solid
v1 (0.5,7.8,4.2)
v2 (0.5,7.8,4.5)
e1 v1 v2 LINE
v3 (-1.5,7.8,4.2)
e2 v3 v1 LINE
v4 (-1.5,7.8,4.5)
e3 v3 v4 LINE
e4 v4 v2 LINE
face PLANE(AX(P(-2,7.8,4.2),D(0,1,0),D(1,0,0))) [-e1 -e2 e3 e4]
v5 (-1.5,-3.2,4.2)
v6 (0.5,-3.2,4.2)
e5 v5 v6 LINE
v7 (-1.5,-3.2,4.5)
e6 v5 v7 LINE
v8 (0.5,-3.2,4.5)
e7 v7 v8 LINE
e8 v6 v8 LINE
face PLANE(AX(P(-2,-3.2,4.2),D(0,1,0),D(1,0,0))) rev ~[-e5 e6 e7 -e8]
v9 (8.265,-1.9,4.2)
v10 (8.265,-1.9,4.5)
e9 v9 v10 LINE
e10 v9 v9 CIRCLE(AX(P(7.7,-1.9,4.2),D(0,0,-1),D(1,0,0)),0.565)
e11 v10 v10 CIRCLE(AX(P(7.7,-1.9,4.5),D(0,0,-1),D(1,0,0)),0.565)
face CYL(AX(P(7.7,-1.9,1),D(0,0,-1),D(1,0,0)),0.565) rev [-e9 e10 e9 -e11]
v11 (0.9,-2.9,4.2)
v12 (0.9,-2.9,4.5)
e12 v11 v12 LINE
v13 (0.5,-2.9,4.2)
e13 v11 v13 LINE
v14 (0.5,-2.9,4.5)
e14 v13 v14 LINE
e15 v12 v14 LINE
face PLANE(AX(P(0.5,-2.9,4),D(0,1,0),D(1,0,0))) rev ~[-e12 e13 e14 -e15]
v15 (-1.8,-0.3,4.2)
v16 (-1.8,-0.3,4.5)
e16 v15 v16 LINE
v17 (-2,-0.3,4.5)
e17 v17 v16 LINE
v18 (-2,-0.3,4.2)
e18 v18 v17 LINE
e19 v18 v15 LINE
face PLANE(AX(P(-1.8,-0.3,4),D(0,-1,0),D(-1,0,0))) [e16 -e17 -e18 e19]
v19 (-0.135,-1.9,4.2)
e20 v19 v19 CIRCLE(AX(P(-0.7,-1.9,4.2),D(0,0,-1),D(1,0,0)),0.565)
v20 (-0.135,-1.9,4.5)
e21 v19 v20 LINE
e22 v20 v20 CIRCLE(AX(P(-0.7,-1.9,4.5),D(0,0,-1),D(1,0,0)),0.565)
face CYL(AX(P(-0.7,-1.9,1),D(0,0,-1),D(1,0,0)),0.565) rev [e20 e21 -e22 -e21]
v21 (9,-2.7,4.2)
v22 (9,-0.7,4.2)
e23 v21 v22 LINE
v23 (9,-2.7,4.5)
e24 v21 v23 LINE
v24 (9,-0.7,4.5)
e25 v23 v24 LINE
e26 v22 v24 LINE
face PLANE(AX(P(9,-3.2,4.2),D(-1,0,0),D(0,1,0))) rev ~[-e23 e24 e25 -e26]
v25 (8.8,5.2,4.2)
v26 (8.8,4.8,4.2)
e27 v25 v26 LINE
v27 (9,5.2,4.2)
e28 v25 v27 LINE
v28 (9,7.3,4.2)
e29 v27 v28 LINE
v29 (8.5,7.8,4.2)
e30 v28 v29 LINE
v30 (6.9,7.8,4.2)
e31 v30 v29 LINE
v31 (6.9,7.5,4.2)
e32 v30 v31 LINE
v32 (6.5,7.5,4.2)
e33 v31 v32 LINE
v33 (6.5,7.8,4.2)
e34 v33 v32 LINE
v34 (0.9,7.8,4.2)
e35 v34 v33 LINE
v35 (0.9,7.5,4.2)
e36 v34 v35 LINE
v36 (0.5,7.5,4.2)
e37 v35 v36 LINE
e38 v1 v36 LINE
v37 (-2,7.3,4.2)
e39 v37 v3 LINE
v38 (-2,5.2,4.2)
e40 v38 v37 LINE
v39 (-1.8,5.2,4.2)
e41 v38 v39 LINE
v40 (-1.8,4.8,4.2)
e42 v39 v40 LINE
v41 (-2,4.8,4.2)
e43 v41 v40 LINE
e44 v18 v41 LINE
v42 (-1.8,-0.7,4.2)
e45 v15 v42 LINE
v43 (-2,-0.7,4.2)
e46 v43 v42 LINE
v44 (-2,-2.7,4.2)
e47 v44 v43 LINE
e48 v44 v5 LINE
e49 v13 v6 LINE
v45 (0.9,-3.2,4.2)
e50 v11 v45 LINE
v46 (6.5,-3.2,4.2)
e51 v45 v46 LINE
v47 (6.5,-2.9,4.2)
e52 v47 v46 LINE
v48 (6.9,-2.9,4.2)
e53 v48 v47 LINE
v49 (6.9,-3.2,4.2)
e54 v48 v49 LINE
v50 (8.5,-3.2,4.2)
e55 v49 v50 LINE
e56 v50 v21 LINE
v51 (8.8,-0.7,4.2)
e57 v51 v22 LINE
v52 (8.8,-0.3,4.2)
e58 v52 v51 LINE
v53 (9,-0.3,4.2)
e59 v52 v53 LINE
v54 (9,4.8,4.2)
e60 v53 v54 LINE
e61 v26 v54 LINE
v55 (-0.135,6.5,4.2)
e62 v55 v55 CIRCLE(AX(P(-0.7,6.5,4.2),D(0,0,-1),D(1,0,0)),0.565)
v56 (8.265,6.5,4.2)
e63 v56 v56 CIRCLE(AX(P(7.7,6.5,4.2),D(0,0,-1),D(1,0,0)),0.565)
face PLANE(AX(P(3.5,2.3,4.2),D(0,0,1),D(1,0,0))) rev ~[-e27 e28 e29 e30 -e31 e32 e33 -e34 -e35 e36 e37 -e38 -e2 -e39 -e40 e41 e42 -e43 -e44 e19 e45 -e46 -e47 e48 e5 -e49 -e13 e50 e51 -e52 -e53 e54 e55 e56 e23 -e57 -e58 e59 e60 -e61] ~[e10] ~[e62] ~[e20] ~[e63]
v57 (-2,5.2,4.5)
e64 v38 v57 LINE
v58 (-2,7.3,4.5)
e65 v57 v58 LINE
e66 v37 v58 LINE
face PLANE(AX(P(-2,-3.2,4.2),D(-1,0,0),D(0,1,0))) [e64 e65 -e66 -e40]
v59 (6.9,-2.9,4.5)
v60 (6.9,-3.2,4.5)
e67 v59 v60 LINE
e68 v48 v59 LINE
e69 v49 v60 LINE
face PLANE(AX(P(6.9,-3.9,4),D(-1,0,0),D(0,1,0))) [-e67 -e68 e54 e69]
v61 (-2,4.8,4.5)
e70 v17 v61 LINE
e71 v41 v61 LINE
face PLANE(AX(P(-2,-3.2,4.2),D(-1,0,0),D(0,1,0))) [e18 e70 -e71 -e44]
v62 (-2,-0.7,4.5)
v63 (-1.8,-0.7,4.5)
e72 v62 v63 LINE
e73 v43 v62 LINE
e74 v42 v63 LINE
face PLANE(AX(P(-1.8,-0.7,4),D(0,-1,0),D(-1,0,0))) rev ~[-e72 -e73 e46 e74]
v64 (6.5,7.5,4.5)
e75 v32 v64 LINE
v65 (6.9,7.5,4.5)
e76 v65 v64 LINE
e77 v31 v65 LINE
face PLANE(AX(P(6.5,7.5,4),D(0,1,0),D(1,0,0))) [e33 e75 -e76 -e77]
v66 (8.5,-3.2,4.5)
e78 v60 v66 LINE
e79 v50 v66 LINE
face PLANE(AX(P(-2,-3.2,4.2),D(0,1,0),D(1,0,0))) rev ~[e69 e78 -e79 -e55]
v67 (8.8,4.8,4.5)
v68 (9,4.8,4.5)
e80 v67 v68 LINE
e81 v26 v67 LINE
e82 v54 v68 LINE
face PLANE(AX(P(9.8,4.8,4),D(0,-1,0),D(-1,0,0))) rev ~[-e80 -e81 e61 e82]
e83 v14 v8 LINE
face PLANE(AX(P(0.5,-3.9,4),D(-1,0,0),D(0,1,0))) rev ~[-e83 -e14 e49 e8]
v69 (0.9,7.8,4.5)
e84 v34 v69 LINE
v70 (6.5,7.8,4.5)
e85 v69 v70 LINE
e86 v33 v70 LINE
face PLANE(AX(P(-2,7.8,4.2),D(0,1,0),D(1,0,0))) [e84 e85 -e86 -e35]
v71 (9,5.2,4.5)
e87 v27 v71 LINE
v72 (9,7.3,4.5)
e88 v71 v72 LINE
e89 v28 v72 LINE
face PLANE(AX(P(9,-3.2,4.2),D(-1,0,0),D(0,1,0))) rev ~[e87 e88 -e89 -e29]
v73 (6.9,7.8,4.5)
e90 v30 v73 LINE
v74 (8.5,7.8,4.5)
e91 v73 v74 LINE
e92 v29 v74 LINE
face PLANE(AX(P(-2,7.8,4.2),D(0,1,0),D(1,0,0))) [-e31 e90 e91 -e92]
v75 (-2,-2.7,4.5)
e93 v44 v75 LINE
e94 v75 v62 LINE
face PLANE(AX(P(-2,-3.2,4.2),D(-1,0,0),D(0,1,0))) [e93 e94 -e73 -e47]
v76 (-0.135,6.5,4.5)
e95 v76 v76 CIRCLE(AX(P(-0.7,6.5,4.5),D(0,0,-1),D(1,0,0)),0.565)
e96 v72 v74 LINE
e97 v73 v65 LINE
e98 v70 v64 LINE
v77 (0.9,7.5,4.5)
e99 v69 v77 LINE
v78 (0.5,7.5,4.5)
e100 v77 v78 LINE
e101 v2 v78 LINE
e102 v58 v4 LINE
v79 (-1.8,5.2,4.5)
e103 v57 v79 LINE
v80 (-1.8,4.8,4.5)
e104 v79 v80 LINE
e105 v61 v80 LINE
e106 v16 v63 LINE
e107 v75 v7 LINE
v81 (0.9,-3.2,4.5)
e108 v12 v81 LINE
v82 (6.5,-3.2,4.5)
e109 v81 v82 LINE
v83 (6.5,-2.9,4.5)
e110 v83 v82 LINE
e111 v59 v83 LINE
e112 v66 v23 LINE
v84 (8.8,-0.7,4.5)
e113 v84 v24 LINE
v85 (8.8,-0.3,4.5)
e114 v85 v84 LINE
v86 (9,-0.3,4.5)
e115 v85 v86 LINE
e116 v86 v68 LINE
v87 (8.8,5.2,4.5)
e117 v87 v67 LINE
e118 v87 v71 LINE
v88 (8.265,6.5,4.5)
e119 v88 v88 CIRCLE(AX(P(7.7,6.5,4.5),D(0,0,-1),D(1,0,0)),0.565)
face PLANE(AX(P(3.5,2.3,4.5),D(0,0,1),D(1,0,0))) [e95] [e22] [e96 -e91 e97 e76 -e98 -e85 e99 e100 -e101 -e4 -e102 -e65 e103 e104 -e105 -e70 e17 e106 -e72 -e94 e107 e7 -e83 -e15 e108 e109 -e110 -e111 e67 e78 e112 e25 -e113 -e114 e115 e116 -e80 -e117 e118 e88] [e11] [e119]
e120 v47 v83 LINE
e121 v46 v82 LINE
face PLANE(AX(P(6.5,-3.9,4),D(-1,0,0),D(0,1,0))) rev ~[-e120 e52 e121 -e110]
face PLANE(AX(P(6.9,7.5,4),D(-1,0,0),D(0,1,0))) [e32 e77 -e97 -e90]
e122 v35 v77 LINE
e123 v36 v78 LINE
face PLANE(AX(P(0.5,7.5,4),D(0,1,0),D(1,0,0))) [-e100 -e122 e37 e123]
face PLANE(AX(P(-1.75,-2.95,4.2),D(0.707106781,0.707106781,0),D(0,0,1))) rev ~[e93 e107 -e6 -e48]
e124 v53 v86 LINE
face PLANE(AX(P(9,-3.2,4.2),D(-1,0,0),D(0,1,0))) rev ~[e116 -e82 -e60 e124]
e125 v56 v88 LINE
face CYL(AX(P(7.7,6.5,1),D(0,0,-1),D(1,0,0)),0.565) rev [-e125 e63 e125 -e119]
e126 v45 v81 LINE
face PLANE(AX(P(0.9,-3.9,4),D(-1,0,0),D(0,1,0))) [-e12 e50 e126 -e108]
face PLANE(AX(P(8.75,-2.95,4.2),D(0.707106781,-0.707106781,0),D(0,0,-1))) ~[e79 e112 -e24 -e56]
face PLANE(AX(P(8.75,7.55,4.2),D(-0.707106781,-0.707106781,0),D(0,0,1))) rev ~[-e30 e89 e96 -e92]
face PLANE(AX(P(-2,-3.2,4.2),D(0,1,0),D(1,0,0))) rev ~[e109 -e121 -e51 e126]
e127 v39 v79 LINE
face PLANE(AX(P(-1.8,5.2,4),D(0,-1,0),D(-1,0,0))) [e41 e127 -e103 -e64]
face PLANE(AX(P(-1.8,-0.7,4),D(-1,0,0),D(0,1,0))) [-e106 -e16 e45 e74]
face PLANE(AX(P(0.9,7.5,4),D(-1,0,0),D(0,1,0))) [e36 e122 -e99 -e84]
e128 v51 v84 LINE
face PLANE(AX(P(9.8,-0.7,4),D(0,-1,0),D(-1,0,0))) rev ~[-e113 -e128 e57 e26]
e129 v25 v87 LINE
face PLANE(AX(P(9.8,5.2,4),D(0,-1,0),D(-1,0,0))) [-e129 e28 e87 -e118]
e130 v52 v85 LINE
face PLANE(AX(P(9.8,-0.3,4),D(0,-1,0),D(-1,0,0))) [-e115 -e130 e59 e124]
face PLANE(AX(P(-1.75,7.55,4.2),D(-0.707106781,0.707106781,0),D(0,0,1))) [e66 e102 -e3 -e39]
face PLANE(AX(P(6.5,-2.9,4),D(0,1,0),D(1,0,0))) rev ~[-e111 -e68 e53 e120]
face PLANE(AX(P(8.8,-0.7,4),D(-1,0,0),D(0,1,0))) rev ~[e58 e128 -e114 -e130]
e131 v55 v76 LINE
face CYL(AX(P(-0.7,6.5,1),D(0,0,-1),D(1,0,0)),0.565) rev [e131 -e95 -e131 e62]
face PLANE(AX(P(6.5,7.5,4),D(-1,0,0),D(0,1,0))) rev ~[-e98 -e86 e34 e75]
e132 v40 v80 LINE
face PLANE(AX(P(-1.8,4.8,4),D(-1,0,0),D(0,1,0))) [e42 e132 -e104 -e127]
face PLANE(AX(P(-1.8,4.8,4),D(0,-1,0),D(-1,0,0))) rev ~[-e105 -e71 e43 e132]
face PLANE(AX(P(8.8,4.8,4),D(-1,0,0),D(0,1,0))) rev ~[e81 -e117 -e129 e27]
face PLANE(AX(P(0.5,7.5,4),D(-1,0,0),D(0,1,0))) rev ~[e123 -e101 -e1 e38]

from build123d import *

# Parameters (mm, degrees)
CYLINDER008_R          = 0.565
CYLINDER008_DEPTH      = 5
CYLINDER014_R          = 0.565
CYLINDER014_DEPTH      = 5
CYLINDER012_R          = 0.565
CYLINDER012_DEPTH      = 5
CYLINDER011_R          = 0.565
CYLINDER011_DEPTH      = 5
BOX011_W               = 0.4
BOX011_H               = 1
BOX011_DEPTH           = 1
BOX011_PLACEMENT_ANGLE = 90
BOX015_W               = 0.4
BOX015_H               = 1
BOX015_DEPTH           = 1
BOX015_PLACEMENT_ANGLE = 90
BOX009_W               = 0.4
BOX009_H               = 1
BOX009_DEPTH           = 1
BOX009_PLACEMENT_ANGLE = 90
BOX030_W               = 0.4
BOX030_H               = 1
BOX030_DEPTH           = 1
BOX030_PLACEMENT_ANGLE = 90
BOX012_W               = 0.4
BOX012_H               = 1
BOX012_DEPTH           = 1
BOX010_W               = 0.4
BOX010_H               = 1
BOX010_DEPTH           = 1
BOX008_W               = 0.4
BOX008_H               = 1
BOX008_DEPTH           = 1
BOX026_W               = 0.4
BOX026_H               = 1
BOX026_DEPTH           = 1
BOX021_W               = 11
BOX021_H               = 11
BOX021_DEPTH           = 0.3
CHAMFER005_SIZE        = 0.5


with BuildPart() as cilindro009:
    # Cylinder008 → Cylinder008 (new body)
    with BuildSketch(Plane(origin=(4.2, -4.2, 0), x_dir=(1, 0, 0), z_dir=(0, 0, 1))):
        Circle(CYLINDER008_R)
    extrude(amount=CYLINDER008_DEPTH)


with BuildPart() as cilindro008:
    # Cylinder014 → Cylinder014 (new body)
    with BuildSketch(Plane(origin=(-4.2, -4.2, 0), x_dir=(1, 0, 0), z_dir=(0, 0, 1))):
        Circle(CYLINDER014_R)
    extrude(amount=CYLINDER014_DEPTH)


with BuildPart() as cilindro006:
    # Cylinder012 → Cylinder012 (new body)
    with BuildSketch(Plane(origin=(4.2, 4.2, 0), x_dir=(1, 0, 0), z_dir=(0, 0, 1))):
        Circle(CYLINDER012_R)
    extrude(amount=CYLINDER012_DEPTH)


with BuildPart() as cilindro007:
    # Cylinder011 → Cylinder011 (new body)
    with BuildSketch(Plane(origin=(-4.2, 4.2, 0), x_dir=(1, 0, 0), z_dir=(0, 0, 1))):
        Circle(CYLINDER011_R)
    extrude(amount=CYLINDER011_DEPTH)


with BuildPart() as pesta_adinf001:
    # Box011 → Box011 (new body)
    with BuildSketch(Plane.XY):
        with Locations((0.2, 0.5)):
            Rectangle(BOX011_W, BOX011_H)
    extrude(amount=BOX011_DEPTH)


with BuildPart() as pesta_adinf001_1:
    # Box011 placement: moved
    add(pesta_adinf001.part.moved(Location((6.3, -3, 3))).rotate(Axis((6.3, -3, 3), (0, 0, 1)), BOX011_PLACEMENT_ANGLE))


with BuildPart() as pesta_ads001:
    # Box015 → Box015 (new body)
    with BuildSketch(Plane.XY):
        with Locations((0.2, 0.5)):
            Rectangle(BOX015_W, BOX015_H)
    extrude(amount=BOX015_DEPTH)


with BuildPart() as pesta_ads001_1:
    # Box015 placement: moved
    add(pesta_ads001.part.moved(Location((6.3, 2.5, 3))).rotate(Axis((6.3, 2.5, 3), (0, 0, 1)), BOX015_PLACEMENT_ANGLE))


with BuildPart() as pesta_aiinf001:
    # Box009 → Box009 (new body)
    with BuildSketch(Plane.XY):
        with Locations((0.2, 0.5)):
            Rectangle(BOX009_W, BOX009_H)
    extrude(amount=BOX009_DEPTH)


with BuildPart() as pesta_aiinf001_1:
    # Box009 placement: moved
    add(pesta_aiinf001.part.moved(Location((-5.3, -3, 3))).rotate(Axis((-5.3, -3, 3), (0, 0, 1)), BOX009_PLACEMENT_ANGLE))


with BuildPart() as pesta_ais001:
    # Box030 → Box030 (new body)
    with BuildSketch(Plane.XY):
        with Locations((0.2, 0.5)):
            Rectangle(BOX030_W, BOX030_H)
    extrude(amount=BOX030_DEPTH)


with BuildPart() as pesta_ais001_1:
    # Box030 placement: moved
    add(pesta_ais001.part.moved(Location((-5.3, 2.5, 3))).rotate(Axis((-5.3, 2.5, 3), (0, 0, 1)), BOX030_PLACEMENT_ANGLE))


with BuildPart() as pesta_aid001:
    # Box012 → Box012 (new body)
    with BuildSketch(Plane(origin=(3, -6.2, 3), x_dir=(1, 0, 0), z_dir=(0, 0, 1))):
        with Locations((0.2, 0.5)):
            Rectangle(BOX012_W, BOX012_H)
    extrude(amount=BOX012_DEPTH)


with BuildPart() as pesta_aii001:
    # Box010 → Box010 (new body)
    with BuildSketch(Plane(origin=(-3, -6.2, 3), x_dir=(1, 0, 0), z_dir=(0, 0, 1))):
        with Locations((0.2, 0.5)):
            Rectangle(BOX010_W, BOX010_H)
    extrude(amount=BOX010_DEPTH)


with BuildPart() as pesta_asd001:
    # Box008 → Box008 (new body)
    with BuildSketch(Plane(origin=(3, 5.2, 3), x_dir=(1, 0, 0), z_dir=(0, 0, 1))):
        with Locations((0.2, 0.5)):
            Rectangle(BOX008_W, BOX008_H)
    extrude(amount=BOX008_DEPTH)


with BuildPart() as pesta_asi001:
    # Box026 → Box026 (new body)
    with BuildSketch(Plane(origin=(-3, 5.2, 3), x_dir=(1, 0, 0), z_dir=(0, 0, 1))):
        with Locations((0.2, 0.5)):
            Rectangle(BOX026_W, BOX026_H)
    extrude(amount=BOX026_DEPTH)


with BuildPart() as chapametalica:
    # Box021 → Box021 (new body)
    with BuildSketch(Plane(origin=(-5.5, -5.5, 3.6), x_dir=(1, 0, 0), z_dir=(0, 0, 1))):
        with Locations((5.5, 5.5)):
            Rectangle(BOX021_W, BOX021_H)
    extrude(amount=BOX021_DEPTH)

    # Chamfer005
    chamfer005_edges = [chapametalica.edges().sort_by_distance(p)[0] for p in [
        (-5.5, -5.5, 3.75),
        (-5.5, 5.5, 3.75),
        (5.5, -5.5, 3.75),
        (5.5, 5.5, 3.75),
    ]]
    chamfer(chamfer005_edges, length=CHAMFER005_SIZE)


with BuildPart() as chapametalica_1:
    # Chamfer005 placement: moved
    add(chapametalica.part.moved(Location((0, 0, -0.4))))

    # Cut006: cut pestañaSI001
    add(pesta_asi001.part, mode=Mode.SUBTRACT)

    # Cut023: cut pestañaSD001
    add(pesta_asd001.part, mode=Mode.SUBTRACT)

    # Cut027: cut pestañaII001
    add(pesta_aii001.part, mode=Mode.SUBTRACT)

    # Cut024: cut pestañaID001
    add(pesta_aid001.part, mode=Mode.SUBTRACT)

    # Cut020: cut pestañaIS001
    add(pesta_ais001_1.part, mode=Mode.SUBTRACT)

    # Cut032: cut pestañaIInf001
    add(pesta_aiinf001_1.part, mode=Mode.SUBTRACT)

    # Cut019: cut pestañaDS001
    add(pesta_ads001_1.part, mode=Mode.SUBTRACT)

    # Cut031: cut pestañaDInf001
    add(pesta_adinf001_1.part, mode=Mode.SUBTRACT)

    # Cut016: cut Cilindro007
    add(cilindro007.part, mode=Mode.SUBTRACT)

    # Cut034: cut Cilindro006
    add(cilindro006.part, mode=Mode.SUBTRACT)

    # Cut025: cut Cilindro008
    add(cilindro008.part, mode=Mode.SUBTRACT)

    # Cut028: cut Cilindro009
    add(cilindro009.part, mode=Mode.SUBTRACT)


with BuildPart() as chapametalica_2:
    # Cut028 placement: moved
    add(chapametalica_1.part.moved(Location((3.5, 2.3, 1))))


solid = chapametalica_2.part
